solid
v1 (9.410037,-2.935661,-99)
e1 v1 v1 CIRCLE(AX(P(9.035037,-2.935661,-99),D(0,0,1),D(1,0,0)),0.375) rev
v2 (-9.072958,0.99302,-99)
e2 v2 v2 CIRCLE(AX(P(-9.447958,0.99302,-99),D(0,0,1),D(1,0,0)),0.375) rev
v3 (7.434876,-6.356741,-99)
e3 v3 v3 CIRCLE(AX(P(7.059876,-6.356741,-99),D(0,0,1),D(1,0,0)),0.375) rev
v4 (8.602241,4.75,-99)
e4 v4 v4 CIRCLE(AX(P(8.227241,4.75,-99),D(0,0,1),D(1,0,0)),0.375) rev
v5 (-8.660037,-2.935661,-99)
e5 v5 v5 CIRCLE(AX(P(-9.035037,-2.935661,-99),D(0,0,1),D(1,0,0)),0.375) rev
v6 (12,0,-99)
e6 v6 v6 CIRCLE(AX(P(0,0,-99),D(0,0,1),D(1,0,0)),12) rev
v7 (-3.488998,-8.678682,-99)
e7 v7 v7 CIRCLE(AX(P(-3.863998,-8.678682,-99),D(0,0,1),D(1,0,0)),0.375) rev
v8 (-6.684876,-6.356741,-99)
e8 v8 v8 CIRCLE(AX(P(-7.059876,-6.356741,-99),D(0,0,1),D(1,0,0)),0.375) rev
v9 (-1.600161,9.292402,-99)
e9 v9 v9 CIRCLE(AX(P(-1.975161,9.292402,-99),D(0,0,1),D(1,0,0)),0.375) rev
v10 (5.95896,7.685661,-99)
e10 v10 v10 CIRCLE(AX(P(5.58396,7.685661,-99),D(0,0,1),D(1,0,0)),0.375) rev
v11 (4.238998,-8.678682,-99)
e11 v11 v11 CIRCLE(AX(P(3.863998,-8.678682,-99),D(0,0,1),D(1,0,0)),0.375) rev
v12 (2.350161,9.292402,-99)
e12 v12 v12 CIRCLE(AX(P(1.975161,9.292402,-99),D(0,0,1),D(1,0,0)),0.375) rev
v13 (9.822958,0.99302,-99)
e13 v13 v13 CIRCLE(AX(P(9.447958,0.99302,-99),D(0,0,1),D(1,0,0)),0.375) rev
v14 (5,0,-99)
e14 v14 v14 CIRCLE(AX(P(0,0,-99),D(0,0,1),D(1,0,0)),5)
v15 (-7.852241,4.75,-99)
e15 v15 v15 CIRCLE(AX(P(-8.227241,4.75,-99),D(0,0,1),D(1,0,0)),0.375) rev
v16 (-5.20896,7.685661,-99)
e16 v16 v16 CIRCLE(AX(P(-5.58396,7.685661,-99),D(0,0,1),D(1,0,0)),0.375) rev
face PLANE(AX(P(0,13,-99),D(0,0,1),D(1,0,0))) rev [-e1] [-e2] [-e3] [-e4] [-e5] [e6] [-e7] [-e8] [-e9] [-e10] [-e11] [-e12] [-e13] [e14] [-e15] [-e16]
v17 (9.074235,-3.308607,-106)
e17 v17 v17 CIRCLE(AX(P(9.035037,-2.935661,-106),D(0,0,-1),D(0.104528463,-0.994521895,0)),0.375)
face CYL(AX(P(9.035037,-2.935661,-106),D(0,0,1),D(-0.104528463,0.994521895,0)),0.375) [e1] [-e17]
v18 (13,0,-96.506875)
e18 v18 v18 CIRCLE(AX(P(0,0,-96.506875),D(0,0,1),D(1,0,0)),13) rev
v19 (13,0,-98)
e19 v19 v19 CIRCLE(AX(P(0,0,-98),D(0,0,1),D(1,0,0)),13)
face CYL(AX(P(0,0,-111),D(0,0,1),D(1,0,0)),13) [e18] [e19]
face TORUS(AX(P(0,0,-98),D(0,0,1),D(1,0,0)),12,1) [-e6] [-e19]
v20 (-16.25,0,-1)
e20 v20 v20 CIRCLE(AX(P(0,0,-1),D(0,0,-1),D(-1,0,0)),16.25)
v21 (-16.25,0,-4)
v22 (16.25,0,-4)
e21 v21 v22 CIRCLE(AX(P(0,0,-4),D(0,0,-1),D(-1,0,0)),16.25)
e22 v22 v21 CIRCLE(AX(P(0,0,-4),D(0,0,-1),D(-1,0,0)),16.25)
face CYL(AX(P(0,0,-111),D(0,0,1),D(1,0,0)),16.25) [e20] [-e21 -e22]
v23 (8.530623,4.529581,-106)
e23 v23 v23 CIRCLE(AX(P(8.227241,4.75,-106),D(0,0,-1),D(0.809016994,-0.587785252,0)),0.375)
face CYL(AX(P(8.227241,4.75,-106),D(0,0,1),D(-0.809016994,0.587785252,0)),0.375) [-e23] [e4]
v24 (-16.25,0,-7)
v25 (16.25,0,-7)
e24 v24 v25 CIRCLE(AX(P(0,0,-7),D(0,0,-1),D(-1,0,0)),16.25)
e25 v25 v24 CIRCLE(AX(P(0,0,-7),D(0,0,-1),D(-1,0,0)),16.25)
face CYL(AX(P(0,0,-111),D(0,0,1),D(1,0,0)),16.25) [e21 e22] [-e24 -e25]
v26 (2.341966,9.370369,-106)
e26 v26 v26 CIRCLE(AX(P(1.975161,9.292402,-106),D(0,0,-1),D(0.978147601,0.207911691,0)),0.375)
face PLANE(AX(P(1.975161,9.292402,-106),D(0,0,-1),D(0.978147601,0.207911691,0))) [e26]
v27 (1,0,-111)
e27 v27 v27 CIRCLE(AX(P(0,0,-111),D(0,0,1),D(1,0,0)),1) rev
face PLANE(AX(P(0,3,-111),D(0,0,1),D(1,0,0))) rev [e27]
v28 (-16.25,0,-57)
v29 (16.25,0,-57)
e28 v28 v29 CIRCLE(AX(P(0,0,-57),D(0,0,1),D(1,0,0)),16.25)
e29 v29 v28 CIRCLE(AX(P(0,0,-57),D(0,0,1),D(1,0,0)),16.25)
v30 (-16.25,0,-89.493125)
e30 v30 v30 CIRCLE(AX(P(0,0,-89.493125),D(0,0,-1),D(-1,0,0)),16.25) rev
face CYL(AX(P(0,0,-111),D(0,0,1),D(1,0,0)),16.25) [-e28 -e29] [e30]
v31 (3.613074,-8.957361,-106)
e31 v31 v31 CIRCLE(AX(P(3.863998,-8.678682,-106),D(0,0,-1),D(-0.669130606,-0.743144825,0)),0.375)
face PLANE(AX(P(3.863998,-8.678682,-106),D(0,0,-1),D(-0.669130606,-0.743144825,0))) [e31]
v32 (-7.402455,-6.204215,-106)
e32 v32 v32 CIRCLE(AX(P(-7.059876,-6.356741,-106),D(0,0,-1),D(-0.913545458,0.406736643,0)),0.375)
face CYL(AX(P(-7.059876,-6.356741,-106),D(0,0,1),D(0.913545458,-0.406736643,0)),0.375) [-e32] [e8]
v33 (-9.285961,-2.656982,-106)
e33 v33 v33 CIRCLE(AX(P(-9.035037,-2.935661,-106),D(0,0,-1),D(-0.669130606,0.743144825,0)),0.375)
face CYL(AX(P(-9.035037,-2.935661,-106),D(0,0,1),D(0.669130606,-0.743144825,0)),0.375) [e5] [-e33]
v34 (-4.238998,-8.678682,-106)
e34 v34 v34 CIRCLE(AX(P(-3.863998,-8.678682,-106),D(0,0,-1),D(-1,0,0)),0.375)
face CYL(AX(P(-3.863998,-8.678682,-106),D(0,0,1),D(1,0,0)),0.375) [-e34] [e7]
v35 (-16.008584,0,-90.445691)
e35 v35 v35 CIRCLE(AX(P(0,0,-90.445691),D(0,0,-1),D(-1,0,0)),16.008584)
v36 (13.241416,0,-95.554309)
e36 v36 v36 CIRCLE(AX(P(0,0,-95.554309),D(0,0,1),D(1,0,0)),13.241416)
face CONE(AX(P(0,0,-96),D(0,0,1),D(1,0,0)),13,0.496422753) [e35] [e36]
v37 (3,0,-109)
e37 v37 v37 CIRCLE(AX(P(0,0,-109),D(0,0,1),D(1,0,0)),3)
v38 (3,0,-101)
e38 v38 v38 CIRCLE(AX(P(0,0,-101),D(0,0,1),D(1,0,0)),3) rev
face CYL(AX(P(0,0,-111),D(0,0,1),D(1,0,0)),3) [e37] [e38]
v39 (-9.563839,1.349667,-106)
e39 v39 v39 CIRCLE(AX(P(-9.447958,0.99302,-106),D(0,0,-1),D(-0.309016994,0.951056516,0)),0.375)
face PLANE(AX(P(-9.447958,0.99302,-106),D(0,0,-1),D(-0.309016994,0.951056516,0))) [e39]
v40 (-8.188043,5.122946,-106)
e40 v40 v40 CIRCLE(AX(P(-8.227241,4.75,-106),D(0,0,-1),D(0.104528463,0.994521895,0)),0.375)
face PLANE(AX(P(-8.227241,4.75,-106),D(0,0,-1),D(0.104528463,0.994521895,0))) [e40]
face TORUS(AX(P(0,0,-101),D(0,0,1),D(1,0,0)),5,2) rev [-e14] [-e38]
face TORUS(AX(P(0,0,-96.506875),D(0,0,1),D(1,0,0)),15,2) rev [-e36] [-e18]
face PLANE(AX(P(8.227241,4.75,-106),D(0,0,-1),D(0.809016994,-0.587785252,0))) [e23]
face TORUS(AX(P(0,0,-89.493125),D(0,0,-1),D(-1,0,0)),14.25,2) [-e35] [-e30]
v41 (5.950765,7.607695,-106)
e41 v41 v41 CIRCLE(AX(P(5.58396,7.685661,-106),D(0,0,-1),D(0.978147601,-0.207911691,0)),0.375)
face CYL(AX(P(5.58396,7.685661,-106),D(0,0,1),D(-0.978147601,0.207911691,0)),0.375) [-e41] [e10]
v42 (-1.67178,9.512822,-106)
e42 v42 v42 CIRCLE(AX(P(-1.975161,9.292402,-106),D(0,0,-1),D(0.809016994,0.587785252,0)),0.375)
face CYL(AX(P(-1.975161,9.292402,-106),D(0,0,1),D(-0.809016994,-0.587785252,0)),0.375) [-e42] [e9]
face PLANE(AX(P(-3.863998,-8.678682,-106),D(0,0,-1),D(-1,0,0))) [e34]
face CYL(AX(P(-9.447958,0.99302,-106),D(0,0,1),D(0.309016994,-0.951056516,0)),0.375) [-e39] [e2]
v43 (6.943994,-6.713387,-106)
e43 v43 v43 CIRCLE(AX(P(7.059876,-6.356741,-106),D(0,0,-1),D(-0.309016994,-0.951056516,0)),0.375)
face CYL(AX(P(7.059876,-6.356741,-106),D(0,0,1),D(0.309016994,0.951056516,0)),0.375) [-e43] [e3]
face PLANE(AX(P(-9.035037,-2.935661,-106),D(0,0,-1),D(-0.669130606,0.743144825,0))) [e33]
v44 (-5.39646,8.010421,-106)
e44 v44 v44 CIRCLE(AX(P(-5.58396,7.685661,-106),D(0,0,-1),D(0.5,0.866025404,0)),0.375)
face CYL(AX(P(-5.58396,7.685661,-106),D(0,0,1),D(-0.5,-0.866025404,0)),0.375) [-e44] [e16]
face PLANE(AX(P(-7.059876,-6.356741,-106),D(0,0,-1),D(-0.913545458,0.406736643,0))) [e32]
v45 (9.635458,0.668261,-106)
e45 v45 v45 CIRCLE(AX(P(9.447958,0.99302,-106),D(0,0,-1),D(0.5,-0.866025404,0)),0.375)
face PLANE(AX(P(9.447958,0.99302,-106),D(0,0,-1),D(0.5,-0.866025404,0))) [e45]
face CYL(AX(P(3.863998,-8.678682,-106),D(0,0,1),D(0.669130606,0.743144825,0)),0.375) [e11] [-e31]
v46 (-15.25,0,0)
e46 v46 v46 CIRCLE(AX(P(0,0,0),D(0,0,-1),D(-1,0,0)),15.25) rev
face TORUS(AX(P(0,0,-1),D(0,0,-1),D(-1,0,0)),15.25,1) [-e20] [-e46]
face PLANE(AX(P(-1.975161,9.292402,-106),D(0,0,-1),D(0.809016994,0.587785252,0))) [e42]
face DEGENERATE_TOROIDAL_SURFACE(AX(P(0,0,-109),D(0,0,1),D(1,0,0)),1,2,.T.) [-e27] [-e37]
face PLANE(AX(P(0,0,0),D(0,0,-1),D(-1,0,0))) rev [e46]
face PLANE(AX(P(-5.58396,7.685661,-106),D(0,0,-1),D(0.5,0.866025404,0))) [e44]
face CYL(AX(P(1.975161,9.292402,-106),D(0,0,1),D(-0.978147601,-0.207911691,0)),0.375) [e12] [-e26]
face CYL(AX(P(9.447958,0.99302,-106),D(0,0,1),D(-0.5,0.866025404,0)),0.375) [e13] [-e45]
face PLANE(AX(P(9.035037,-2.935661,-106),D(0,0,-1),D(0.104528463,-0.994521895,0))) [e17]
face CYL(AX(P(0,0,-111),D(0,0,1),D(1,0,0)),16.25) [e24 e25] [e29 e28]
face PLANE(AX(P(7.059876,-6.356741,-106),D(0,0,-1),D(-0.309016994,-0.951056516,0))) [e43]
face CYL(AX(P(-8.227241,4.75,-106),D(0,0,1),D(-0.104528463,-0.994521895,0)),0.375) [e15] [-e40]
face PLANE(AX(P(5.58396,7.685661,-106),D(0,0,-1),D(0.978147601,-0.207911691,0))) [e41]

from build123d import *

# Parameters (mm, degrees)
FILLET1_R           = 1
FILLET2_R           = 2
SKETCH2_R           = 0.375
BOSS_EXTRUDE1_DEPTH = 7
CIRPATTERN1_COUNT   = 14
CIRPATTERN1_ANGLE   = 312


with BuildPart() as part:
    # Sketch1 → Revolve1 (revolve)
    with BuildSketch(Plane(origin=(0, 0, 0), x_dir=(0, 0, -1), z_dir=(1, 0, 0)), mode=Mode.PRIVATE) as revolve1_sk:
        Polygon((0, 0), (0, 16.25), (90, 16.25), (96, 13), (99, 13), (99, 3), (111, 3), (111, 0), align=None)
    revolve(revolve1_sk.sketch.rotate(Axis((0, 0, -111), (0, 0, -1)), 90), axis=Axis((0, 0, -111), (0, 0, -1)))

    # Fillet1
    fillet1_edges = [part.edges().sort_by_distance(p)[0] for p in [
        (-13, 0, -99),
        (-16.25, 0, 0),
    ]]
    fillet(fillet1_edges, radius=FILLET1_R)

    # Fillet2
    fillet2_edges = [part.edges().sort_by_distance(p)[0] for p in [
        (-3, 0, -111),
        (-3, 0, -99),
        (-13, 0, -96),
        (-16.25, 0, -90),
    ]]
    fillet(fillet2_edges, radius=FILLET2_R)

    # Sketch2 → Boss-Extrude1 (add)
    with BuildSketch(Plane(origin=(0, 0, -99), x_dir=(-1, 0, 0), z_dir=(0, 0, -1))):
        with Locations(Location((3.863998109, -8.678681848, 0), (0, 0, 180))):
            Circle(SKETCH2_R)
    boss_extrude1 = extrude(amount=BOSS_EXTRUDE1_DEPTH)

    # CirPattern1: Boss-Extrude1 ×14 about axis
    cirpattern1_axis = Axis((0, 0, 0), (0, 0, -1))
    for i in range(1, CIRPATTERN1_COUNT):
        add(boss_extrude1.rotate(cirpattern1_axis, i * CIRPATTERN1_ANGLE / (CIRPATTERN1_COUNT - 1)))


solid = part.part
